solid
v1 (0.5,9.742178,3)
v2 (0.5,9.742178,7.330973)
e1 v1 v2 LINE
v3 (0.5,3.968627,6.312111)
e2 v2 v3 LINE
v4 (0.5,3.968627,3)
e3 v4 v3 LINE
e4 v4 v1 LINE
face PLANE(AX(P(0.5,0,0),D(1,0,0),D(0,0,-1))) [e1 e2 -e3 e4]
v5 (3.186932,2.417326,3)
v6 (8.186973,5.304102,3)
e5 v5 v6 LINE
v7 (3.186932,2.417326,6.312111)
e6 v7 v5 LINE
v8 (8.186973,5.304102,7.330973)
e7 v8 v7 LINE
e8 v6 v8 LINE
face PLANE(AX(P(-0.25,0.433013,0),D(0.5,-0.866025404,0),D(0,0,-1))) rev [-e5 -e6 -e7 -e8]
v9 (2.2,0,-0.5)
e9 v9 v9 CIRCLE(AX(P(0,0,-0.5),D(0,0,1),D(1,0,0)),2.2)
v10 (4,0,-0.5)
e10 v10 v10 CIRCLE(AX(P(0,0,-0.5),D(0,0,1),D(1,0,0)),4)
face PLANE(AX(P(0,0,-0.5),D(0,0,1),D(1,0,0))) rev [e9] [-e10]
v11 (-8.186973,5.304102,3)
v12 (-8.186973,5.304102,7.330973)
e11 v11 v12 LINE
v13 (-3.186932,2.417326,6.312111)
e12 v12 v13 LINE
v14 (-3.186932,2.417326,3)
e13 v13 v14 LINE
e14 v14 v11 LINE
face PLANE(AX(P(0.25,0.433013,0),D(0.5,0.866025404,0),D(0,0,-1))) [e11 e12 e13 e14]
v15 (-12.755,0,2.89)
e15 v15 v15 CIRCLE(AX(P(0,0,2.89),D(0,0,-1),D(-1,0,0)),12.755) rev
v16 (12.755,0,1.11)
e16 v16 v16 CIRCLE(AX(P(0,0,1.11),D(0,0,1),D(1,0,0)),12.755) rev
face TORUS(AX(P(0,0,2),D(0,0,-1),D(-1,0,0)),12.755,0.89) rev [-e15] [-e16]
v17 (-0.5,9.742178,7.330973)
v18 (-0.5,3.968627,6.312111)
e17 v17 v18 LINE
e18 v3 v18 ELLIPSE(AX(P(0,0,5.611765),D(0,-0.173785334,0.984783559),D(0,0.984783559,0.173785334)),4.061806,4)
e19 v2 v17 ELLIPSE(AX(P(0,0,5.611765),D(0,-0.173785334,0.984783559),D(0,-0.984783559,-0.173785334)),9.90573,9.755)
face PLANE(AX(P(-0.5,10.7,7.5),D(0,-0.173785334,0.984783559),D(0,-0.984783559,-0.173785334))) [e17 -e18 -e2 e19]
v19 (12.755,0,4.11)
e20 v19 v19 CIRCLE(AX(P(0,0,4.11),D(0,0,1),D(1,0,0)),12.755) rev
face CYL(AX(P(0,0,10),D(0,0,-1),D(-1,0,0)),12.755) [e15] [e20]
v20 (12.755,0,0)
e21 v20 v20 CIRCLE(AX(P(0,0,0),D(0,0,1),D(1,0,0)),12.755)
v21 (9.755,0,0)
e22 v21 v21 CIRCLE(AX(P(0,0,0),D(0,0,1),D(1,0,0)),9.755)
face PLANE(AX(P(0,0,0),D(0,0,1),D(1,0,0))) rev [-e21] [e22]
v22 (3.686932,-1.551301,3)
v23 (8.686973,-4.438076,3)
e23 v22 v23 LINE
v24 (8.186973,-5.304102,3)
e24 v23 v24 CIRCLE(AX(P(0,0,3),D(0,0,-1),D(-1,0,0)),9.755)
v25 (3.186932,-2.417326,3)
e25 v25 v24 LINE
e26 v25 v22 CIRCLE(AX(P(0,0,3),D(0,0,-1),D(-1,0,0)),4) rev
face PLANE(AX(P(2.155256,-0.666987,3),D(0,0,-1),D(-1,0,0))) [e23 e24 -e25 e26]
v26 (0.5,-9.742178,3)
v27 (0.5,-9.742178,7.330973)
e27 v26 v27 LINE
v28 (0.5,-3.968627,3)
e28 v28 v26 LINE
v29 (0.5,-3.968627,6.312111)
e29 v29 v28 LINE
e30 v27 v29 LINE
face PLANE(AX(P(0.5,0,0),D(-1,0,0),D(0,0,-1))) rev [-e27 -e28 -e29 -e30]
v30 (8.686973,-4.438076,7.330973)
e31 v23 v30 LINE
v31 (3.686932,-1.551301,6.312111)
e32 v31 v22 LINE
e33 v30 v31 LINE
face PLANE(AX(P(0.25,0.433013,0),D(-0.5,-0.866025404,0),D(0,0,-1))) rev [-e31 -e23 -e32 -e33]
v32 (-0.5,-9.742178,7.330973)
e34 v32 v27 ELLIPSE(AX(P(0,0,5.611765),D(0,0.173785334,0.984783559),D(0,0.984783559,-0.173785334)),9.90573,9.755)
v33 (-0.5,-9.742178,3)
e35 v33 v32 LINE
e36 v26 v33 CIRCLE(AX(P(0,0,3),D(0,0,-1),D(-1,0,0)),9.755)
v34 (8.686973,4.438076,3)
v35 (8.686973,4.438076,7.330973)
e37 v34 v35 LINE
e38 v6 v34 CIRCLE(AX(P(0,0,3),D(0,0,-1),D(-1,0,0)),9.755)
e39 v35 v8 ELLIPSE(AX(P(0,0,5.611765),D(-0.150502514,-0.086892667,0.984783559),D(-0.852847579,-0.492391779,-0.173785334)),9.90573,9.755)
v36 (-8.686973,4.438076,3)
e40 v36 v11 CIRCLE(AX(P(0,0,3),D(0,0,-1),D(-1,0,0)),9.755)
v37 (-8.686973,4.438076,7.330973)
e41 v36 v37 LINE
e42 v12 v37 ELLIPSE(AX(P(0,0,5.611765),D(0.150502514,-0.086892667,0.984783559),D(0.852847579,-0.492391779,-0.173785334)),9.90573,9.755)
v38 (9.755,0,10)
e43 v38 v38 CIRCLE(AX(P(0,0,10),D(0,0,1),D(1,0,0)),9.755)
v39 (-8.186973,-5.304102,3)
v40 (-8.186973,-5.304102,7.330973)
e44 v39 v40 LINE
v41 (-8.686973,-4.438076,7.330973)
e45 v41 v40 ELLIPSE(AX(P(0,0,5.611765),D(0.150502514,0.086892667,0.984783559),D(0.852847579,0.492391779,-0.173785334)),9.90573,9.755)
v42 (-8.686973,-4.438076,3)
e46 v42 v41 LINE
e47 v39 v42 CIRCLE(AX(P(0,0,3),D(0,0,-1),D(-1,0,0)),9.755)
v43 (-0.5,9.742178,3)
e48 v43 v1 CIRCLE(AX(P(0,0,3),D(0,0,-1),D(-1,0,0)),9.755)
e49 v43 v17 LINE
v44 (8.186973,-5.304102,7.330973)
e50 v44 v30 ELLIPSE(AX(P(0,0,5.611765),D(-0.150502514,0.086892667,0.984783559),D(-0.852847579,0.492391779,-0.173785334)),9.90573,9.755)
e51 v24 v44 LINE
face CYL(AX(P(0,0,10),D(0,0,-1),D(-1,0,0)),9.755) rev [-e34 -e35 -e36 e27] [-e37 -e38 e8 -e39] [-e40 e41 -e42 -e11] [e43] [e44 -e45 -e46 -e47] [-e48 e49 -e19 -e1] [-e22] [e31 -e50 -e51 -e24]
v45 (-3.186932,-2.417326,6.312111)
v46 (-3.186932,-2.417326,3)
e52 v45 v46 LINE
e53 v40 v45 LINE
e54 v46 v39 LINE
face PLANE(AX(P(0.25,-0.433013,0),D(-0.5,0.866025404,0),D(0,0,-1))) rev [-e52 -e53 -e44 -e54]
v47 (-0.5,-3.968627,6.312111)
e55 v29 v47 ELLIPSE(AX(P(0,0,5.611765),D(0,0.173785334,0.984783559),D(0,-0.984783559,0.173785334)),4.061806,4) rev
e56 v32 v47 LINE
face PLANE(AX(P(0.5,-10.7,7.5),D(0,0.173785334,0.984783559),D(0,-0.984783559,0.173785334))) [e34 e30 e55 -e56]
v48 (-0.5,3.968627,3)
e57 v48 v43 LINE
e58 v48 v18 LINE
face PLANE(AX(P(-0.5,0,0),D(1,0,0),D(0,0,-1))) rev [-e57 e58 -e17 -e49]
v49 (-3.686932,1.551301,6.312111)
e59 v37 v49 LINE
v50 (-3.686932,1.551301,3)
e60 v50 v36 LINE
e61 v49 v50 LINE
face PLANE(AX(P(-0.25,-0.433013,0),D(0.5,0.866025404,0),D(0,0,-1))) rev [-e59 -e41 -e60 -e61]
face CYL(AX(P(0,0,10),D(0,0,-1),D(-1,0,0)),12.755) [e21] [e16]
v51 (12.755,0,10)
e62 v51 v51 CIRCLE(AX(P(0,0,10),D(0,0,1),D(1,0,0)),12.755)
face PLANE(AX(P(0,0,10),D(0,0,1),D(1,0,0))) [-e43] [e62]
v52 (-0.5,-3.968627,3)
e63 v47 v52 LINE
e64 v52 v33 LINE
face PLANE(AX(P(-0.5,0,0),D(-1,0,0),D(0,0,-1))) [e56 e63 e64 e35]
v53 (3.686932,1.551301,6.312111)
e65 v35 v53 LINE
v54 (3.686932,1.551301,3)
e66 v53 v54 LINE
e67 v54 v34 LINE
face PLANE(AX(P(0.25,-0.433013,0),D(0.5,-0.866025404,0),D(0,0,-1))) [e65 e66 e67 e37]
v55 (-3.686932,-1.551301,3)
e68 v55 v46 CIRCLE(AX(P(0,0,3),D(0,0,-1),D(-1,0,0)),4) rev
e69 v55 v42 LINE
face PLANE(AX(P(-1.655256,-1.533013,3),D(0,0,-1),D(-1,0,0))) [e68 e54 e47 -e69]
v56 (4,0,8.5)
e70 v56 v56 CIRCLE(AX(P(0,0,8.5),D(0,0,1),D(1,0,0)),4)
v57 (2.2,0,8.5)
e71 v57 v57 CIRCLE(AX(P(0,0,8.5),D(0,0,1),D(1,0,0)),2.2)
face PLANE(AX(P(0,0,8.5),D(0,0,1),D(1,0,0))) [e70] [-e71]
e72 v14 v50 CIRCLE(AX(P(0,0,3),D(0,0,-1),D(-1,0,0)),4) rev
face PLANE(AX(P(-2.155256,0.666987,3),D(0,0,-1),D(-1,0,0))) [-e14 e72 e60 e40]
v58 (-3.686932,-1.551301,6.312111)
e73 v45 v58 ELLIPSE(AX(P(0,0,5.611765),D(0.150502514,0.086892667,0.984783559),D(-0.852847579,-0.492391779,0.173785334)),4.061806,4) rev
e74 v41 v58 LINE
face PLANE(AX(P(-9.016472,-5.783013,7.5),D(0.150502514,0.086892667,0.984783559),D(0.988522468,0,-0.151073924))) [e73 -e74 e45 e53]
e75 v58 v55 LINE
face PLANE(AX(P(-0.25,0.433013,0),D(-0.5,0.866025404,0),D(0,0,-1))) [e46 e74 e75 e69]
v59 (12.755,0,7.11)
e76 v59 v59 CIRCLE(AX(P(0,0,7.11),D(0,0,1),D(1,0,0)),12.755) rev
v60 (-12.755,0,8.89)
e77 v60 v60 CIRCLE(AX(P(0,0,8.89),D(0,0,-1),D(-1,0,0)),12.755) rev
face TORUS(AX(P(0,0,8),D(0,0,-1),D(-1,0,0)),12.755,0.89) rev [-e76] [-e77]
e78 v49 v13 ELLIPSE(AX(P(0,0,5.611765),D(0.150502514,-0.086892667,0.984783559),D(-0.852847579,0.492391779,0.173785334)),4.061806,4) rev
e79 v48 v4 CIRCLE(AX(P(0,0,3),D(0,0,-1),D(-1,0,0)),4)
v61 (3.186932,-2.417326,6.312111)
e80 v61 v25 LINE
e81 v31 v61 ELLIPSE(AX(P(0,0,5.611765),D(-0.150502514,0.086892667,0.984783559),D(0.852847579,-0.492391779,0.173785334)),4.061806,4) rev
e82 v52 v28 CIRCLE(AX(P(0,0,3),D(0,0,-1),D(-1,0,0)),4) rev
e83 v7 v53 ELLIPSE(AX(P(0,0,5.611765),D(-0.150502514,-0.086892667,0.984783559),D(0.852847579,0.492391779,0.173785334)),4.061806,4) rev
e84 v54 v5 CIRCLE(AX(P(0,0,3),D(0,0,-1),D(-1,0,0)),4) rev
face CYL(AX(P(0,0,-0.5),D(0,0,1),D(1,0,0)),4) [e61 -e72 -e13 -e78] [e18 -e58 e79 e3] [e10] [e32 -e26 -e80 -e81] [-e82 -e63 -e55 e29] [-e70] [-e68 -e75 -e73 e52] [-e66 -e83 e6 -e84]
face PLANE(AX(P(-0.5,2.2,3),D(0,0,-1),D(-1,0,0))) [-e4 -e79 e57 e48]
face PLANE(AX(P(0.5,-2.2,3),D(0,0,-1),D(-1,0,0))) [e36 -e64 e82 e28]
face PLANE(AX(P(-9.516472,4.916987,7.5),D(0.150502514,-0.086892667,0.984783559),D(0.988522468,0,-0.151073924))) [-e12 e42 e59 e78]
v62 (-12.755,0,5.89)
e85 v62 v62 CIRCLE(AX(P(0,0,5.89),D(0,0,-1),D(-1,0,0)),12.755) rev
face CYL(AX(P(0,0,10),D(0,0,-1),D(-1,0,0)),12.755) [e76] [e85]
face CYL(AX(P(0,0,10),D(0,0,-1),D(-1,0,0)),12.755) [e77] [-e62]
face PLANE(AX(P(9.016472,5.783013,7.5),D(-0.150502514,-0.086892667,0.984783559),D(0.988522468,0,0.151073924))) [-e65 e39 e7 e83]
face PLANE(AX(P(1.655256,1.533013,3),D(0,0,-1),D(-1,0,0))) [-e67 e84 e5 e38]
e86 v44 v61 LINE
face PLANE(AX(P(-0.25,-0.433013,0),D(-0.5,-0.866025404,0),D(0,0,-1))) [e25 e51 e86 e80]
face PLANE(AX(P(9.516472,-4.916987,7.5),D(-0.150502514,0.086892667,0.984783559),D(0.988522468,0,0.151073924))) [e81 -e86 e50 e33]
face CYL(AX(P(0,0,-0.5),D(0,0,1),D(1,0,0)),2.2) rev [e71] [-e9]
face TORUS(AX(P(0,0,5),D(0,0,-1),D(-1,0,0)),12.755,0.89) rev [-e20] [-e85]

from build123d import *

# Parameters (mm, degrees)
SKETCH1_R                = 12.755
SKETCH1_R_2              = 9.755
BOSS_EXTRUDE1_DEPTH      = 10
BOSS_EXTRUDE2_DEPTH      = 8.5
BOSS_EXTRUDE2_DEPTH_BACK = 0.5
SKETCH2_R                = 4
SKETCH2_R_2              = 2.2
BOSS_EXTRUDE3_DEPTH      = 0.5
CIRPATTERN1_COUNT        = 6
SKETCH7_R                = 0.89


with BuildPart() as part:
    # Sketch1 → Boss-Extrude1 (new body)
    with BuildSketch(Plane.XY):
        Circle(SKETCH1_R)
        Circle(SKETCH1_R_2, mode=Mode.SUBTRACT)
    extrude(amount=BOSS_EXTRUDE1_DEPTH)



with BuildPart() as body_2:
    # Sketch2 → Boss-Extrude2 (new, two sides: drawn at the far end of the back side and taken through both)
    with BuildSketch(Plane.XY.offset(-BOSS_EXTRUDE2_DEPTH_BACK)):
        Circle(SKETCH2_R)
        Circle(SKETCH2_R_2, mode=Mode.SUBTRACT)
    extrude(amount=BOSS_EXTRUDE2_DEPTH + BOSS_EXTRUDE2_DEPTH_BACK)


with BuildPart() as part_1:
    add(part.part)

    add(body_2.part)  # Boss-Extrude3 merges body 2
    # Sketch5 → Boss-Extrude3 (add, symmetric)
    with BuildSketch(Plane(origin=(0, 0, 0), x_dir=(0, 0, -1), z_dir=(1, 0, 0))):
        Polygon((-3, 2.2), (-3, 10.7), (-7.5, 10.7), (-6, 2.2), align=None)
    boss_extrude3 = extrude(amount=BOSS_EXTRUDE3_DEPTH, both=True)

    # CirPattern1: Boss-Extrude3 ×6 about axis
    cirpattern1_axis = Axis((0, 0, -0.5), (0, 0, 1))
    for i in range(1, CIRPATTERN1_COUNT):
        add(boss_extrude3.rotate(cirpattern1_axis, i * 360 / CIRPATTERN1_COUNT))

    # Sketch7 → Cut-Revolve1 (revolve, cut)
    with BuildSketch(Plane(origin=(0, 0, 0), x_dir=(0, 0, -1), z_dir=(1, 0, 0))):
        with Locations((-5, 12.755)):
            Circle(SKETCH7_R)
        with Locations((-2, 12.755)):
            Circle(SKETCH7_R)
        with Locations((-8, 12.755)):
            Circle(SKETCH7_R)
    revolve(axis=Axis((0, 0, 0), (0, 0, 1)), mode=Mode.SUBTRACT)


solid = part_1.part
